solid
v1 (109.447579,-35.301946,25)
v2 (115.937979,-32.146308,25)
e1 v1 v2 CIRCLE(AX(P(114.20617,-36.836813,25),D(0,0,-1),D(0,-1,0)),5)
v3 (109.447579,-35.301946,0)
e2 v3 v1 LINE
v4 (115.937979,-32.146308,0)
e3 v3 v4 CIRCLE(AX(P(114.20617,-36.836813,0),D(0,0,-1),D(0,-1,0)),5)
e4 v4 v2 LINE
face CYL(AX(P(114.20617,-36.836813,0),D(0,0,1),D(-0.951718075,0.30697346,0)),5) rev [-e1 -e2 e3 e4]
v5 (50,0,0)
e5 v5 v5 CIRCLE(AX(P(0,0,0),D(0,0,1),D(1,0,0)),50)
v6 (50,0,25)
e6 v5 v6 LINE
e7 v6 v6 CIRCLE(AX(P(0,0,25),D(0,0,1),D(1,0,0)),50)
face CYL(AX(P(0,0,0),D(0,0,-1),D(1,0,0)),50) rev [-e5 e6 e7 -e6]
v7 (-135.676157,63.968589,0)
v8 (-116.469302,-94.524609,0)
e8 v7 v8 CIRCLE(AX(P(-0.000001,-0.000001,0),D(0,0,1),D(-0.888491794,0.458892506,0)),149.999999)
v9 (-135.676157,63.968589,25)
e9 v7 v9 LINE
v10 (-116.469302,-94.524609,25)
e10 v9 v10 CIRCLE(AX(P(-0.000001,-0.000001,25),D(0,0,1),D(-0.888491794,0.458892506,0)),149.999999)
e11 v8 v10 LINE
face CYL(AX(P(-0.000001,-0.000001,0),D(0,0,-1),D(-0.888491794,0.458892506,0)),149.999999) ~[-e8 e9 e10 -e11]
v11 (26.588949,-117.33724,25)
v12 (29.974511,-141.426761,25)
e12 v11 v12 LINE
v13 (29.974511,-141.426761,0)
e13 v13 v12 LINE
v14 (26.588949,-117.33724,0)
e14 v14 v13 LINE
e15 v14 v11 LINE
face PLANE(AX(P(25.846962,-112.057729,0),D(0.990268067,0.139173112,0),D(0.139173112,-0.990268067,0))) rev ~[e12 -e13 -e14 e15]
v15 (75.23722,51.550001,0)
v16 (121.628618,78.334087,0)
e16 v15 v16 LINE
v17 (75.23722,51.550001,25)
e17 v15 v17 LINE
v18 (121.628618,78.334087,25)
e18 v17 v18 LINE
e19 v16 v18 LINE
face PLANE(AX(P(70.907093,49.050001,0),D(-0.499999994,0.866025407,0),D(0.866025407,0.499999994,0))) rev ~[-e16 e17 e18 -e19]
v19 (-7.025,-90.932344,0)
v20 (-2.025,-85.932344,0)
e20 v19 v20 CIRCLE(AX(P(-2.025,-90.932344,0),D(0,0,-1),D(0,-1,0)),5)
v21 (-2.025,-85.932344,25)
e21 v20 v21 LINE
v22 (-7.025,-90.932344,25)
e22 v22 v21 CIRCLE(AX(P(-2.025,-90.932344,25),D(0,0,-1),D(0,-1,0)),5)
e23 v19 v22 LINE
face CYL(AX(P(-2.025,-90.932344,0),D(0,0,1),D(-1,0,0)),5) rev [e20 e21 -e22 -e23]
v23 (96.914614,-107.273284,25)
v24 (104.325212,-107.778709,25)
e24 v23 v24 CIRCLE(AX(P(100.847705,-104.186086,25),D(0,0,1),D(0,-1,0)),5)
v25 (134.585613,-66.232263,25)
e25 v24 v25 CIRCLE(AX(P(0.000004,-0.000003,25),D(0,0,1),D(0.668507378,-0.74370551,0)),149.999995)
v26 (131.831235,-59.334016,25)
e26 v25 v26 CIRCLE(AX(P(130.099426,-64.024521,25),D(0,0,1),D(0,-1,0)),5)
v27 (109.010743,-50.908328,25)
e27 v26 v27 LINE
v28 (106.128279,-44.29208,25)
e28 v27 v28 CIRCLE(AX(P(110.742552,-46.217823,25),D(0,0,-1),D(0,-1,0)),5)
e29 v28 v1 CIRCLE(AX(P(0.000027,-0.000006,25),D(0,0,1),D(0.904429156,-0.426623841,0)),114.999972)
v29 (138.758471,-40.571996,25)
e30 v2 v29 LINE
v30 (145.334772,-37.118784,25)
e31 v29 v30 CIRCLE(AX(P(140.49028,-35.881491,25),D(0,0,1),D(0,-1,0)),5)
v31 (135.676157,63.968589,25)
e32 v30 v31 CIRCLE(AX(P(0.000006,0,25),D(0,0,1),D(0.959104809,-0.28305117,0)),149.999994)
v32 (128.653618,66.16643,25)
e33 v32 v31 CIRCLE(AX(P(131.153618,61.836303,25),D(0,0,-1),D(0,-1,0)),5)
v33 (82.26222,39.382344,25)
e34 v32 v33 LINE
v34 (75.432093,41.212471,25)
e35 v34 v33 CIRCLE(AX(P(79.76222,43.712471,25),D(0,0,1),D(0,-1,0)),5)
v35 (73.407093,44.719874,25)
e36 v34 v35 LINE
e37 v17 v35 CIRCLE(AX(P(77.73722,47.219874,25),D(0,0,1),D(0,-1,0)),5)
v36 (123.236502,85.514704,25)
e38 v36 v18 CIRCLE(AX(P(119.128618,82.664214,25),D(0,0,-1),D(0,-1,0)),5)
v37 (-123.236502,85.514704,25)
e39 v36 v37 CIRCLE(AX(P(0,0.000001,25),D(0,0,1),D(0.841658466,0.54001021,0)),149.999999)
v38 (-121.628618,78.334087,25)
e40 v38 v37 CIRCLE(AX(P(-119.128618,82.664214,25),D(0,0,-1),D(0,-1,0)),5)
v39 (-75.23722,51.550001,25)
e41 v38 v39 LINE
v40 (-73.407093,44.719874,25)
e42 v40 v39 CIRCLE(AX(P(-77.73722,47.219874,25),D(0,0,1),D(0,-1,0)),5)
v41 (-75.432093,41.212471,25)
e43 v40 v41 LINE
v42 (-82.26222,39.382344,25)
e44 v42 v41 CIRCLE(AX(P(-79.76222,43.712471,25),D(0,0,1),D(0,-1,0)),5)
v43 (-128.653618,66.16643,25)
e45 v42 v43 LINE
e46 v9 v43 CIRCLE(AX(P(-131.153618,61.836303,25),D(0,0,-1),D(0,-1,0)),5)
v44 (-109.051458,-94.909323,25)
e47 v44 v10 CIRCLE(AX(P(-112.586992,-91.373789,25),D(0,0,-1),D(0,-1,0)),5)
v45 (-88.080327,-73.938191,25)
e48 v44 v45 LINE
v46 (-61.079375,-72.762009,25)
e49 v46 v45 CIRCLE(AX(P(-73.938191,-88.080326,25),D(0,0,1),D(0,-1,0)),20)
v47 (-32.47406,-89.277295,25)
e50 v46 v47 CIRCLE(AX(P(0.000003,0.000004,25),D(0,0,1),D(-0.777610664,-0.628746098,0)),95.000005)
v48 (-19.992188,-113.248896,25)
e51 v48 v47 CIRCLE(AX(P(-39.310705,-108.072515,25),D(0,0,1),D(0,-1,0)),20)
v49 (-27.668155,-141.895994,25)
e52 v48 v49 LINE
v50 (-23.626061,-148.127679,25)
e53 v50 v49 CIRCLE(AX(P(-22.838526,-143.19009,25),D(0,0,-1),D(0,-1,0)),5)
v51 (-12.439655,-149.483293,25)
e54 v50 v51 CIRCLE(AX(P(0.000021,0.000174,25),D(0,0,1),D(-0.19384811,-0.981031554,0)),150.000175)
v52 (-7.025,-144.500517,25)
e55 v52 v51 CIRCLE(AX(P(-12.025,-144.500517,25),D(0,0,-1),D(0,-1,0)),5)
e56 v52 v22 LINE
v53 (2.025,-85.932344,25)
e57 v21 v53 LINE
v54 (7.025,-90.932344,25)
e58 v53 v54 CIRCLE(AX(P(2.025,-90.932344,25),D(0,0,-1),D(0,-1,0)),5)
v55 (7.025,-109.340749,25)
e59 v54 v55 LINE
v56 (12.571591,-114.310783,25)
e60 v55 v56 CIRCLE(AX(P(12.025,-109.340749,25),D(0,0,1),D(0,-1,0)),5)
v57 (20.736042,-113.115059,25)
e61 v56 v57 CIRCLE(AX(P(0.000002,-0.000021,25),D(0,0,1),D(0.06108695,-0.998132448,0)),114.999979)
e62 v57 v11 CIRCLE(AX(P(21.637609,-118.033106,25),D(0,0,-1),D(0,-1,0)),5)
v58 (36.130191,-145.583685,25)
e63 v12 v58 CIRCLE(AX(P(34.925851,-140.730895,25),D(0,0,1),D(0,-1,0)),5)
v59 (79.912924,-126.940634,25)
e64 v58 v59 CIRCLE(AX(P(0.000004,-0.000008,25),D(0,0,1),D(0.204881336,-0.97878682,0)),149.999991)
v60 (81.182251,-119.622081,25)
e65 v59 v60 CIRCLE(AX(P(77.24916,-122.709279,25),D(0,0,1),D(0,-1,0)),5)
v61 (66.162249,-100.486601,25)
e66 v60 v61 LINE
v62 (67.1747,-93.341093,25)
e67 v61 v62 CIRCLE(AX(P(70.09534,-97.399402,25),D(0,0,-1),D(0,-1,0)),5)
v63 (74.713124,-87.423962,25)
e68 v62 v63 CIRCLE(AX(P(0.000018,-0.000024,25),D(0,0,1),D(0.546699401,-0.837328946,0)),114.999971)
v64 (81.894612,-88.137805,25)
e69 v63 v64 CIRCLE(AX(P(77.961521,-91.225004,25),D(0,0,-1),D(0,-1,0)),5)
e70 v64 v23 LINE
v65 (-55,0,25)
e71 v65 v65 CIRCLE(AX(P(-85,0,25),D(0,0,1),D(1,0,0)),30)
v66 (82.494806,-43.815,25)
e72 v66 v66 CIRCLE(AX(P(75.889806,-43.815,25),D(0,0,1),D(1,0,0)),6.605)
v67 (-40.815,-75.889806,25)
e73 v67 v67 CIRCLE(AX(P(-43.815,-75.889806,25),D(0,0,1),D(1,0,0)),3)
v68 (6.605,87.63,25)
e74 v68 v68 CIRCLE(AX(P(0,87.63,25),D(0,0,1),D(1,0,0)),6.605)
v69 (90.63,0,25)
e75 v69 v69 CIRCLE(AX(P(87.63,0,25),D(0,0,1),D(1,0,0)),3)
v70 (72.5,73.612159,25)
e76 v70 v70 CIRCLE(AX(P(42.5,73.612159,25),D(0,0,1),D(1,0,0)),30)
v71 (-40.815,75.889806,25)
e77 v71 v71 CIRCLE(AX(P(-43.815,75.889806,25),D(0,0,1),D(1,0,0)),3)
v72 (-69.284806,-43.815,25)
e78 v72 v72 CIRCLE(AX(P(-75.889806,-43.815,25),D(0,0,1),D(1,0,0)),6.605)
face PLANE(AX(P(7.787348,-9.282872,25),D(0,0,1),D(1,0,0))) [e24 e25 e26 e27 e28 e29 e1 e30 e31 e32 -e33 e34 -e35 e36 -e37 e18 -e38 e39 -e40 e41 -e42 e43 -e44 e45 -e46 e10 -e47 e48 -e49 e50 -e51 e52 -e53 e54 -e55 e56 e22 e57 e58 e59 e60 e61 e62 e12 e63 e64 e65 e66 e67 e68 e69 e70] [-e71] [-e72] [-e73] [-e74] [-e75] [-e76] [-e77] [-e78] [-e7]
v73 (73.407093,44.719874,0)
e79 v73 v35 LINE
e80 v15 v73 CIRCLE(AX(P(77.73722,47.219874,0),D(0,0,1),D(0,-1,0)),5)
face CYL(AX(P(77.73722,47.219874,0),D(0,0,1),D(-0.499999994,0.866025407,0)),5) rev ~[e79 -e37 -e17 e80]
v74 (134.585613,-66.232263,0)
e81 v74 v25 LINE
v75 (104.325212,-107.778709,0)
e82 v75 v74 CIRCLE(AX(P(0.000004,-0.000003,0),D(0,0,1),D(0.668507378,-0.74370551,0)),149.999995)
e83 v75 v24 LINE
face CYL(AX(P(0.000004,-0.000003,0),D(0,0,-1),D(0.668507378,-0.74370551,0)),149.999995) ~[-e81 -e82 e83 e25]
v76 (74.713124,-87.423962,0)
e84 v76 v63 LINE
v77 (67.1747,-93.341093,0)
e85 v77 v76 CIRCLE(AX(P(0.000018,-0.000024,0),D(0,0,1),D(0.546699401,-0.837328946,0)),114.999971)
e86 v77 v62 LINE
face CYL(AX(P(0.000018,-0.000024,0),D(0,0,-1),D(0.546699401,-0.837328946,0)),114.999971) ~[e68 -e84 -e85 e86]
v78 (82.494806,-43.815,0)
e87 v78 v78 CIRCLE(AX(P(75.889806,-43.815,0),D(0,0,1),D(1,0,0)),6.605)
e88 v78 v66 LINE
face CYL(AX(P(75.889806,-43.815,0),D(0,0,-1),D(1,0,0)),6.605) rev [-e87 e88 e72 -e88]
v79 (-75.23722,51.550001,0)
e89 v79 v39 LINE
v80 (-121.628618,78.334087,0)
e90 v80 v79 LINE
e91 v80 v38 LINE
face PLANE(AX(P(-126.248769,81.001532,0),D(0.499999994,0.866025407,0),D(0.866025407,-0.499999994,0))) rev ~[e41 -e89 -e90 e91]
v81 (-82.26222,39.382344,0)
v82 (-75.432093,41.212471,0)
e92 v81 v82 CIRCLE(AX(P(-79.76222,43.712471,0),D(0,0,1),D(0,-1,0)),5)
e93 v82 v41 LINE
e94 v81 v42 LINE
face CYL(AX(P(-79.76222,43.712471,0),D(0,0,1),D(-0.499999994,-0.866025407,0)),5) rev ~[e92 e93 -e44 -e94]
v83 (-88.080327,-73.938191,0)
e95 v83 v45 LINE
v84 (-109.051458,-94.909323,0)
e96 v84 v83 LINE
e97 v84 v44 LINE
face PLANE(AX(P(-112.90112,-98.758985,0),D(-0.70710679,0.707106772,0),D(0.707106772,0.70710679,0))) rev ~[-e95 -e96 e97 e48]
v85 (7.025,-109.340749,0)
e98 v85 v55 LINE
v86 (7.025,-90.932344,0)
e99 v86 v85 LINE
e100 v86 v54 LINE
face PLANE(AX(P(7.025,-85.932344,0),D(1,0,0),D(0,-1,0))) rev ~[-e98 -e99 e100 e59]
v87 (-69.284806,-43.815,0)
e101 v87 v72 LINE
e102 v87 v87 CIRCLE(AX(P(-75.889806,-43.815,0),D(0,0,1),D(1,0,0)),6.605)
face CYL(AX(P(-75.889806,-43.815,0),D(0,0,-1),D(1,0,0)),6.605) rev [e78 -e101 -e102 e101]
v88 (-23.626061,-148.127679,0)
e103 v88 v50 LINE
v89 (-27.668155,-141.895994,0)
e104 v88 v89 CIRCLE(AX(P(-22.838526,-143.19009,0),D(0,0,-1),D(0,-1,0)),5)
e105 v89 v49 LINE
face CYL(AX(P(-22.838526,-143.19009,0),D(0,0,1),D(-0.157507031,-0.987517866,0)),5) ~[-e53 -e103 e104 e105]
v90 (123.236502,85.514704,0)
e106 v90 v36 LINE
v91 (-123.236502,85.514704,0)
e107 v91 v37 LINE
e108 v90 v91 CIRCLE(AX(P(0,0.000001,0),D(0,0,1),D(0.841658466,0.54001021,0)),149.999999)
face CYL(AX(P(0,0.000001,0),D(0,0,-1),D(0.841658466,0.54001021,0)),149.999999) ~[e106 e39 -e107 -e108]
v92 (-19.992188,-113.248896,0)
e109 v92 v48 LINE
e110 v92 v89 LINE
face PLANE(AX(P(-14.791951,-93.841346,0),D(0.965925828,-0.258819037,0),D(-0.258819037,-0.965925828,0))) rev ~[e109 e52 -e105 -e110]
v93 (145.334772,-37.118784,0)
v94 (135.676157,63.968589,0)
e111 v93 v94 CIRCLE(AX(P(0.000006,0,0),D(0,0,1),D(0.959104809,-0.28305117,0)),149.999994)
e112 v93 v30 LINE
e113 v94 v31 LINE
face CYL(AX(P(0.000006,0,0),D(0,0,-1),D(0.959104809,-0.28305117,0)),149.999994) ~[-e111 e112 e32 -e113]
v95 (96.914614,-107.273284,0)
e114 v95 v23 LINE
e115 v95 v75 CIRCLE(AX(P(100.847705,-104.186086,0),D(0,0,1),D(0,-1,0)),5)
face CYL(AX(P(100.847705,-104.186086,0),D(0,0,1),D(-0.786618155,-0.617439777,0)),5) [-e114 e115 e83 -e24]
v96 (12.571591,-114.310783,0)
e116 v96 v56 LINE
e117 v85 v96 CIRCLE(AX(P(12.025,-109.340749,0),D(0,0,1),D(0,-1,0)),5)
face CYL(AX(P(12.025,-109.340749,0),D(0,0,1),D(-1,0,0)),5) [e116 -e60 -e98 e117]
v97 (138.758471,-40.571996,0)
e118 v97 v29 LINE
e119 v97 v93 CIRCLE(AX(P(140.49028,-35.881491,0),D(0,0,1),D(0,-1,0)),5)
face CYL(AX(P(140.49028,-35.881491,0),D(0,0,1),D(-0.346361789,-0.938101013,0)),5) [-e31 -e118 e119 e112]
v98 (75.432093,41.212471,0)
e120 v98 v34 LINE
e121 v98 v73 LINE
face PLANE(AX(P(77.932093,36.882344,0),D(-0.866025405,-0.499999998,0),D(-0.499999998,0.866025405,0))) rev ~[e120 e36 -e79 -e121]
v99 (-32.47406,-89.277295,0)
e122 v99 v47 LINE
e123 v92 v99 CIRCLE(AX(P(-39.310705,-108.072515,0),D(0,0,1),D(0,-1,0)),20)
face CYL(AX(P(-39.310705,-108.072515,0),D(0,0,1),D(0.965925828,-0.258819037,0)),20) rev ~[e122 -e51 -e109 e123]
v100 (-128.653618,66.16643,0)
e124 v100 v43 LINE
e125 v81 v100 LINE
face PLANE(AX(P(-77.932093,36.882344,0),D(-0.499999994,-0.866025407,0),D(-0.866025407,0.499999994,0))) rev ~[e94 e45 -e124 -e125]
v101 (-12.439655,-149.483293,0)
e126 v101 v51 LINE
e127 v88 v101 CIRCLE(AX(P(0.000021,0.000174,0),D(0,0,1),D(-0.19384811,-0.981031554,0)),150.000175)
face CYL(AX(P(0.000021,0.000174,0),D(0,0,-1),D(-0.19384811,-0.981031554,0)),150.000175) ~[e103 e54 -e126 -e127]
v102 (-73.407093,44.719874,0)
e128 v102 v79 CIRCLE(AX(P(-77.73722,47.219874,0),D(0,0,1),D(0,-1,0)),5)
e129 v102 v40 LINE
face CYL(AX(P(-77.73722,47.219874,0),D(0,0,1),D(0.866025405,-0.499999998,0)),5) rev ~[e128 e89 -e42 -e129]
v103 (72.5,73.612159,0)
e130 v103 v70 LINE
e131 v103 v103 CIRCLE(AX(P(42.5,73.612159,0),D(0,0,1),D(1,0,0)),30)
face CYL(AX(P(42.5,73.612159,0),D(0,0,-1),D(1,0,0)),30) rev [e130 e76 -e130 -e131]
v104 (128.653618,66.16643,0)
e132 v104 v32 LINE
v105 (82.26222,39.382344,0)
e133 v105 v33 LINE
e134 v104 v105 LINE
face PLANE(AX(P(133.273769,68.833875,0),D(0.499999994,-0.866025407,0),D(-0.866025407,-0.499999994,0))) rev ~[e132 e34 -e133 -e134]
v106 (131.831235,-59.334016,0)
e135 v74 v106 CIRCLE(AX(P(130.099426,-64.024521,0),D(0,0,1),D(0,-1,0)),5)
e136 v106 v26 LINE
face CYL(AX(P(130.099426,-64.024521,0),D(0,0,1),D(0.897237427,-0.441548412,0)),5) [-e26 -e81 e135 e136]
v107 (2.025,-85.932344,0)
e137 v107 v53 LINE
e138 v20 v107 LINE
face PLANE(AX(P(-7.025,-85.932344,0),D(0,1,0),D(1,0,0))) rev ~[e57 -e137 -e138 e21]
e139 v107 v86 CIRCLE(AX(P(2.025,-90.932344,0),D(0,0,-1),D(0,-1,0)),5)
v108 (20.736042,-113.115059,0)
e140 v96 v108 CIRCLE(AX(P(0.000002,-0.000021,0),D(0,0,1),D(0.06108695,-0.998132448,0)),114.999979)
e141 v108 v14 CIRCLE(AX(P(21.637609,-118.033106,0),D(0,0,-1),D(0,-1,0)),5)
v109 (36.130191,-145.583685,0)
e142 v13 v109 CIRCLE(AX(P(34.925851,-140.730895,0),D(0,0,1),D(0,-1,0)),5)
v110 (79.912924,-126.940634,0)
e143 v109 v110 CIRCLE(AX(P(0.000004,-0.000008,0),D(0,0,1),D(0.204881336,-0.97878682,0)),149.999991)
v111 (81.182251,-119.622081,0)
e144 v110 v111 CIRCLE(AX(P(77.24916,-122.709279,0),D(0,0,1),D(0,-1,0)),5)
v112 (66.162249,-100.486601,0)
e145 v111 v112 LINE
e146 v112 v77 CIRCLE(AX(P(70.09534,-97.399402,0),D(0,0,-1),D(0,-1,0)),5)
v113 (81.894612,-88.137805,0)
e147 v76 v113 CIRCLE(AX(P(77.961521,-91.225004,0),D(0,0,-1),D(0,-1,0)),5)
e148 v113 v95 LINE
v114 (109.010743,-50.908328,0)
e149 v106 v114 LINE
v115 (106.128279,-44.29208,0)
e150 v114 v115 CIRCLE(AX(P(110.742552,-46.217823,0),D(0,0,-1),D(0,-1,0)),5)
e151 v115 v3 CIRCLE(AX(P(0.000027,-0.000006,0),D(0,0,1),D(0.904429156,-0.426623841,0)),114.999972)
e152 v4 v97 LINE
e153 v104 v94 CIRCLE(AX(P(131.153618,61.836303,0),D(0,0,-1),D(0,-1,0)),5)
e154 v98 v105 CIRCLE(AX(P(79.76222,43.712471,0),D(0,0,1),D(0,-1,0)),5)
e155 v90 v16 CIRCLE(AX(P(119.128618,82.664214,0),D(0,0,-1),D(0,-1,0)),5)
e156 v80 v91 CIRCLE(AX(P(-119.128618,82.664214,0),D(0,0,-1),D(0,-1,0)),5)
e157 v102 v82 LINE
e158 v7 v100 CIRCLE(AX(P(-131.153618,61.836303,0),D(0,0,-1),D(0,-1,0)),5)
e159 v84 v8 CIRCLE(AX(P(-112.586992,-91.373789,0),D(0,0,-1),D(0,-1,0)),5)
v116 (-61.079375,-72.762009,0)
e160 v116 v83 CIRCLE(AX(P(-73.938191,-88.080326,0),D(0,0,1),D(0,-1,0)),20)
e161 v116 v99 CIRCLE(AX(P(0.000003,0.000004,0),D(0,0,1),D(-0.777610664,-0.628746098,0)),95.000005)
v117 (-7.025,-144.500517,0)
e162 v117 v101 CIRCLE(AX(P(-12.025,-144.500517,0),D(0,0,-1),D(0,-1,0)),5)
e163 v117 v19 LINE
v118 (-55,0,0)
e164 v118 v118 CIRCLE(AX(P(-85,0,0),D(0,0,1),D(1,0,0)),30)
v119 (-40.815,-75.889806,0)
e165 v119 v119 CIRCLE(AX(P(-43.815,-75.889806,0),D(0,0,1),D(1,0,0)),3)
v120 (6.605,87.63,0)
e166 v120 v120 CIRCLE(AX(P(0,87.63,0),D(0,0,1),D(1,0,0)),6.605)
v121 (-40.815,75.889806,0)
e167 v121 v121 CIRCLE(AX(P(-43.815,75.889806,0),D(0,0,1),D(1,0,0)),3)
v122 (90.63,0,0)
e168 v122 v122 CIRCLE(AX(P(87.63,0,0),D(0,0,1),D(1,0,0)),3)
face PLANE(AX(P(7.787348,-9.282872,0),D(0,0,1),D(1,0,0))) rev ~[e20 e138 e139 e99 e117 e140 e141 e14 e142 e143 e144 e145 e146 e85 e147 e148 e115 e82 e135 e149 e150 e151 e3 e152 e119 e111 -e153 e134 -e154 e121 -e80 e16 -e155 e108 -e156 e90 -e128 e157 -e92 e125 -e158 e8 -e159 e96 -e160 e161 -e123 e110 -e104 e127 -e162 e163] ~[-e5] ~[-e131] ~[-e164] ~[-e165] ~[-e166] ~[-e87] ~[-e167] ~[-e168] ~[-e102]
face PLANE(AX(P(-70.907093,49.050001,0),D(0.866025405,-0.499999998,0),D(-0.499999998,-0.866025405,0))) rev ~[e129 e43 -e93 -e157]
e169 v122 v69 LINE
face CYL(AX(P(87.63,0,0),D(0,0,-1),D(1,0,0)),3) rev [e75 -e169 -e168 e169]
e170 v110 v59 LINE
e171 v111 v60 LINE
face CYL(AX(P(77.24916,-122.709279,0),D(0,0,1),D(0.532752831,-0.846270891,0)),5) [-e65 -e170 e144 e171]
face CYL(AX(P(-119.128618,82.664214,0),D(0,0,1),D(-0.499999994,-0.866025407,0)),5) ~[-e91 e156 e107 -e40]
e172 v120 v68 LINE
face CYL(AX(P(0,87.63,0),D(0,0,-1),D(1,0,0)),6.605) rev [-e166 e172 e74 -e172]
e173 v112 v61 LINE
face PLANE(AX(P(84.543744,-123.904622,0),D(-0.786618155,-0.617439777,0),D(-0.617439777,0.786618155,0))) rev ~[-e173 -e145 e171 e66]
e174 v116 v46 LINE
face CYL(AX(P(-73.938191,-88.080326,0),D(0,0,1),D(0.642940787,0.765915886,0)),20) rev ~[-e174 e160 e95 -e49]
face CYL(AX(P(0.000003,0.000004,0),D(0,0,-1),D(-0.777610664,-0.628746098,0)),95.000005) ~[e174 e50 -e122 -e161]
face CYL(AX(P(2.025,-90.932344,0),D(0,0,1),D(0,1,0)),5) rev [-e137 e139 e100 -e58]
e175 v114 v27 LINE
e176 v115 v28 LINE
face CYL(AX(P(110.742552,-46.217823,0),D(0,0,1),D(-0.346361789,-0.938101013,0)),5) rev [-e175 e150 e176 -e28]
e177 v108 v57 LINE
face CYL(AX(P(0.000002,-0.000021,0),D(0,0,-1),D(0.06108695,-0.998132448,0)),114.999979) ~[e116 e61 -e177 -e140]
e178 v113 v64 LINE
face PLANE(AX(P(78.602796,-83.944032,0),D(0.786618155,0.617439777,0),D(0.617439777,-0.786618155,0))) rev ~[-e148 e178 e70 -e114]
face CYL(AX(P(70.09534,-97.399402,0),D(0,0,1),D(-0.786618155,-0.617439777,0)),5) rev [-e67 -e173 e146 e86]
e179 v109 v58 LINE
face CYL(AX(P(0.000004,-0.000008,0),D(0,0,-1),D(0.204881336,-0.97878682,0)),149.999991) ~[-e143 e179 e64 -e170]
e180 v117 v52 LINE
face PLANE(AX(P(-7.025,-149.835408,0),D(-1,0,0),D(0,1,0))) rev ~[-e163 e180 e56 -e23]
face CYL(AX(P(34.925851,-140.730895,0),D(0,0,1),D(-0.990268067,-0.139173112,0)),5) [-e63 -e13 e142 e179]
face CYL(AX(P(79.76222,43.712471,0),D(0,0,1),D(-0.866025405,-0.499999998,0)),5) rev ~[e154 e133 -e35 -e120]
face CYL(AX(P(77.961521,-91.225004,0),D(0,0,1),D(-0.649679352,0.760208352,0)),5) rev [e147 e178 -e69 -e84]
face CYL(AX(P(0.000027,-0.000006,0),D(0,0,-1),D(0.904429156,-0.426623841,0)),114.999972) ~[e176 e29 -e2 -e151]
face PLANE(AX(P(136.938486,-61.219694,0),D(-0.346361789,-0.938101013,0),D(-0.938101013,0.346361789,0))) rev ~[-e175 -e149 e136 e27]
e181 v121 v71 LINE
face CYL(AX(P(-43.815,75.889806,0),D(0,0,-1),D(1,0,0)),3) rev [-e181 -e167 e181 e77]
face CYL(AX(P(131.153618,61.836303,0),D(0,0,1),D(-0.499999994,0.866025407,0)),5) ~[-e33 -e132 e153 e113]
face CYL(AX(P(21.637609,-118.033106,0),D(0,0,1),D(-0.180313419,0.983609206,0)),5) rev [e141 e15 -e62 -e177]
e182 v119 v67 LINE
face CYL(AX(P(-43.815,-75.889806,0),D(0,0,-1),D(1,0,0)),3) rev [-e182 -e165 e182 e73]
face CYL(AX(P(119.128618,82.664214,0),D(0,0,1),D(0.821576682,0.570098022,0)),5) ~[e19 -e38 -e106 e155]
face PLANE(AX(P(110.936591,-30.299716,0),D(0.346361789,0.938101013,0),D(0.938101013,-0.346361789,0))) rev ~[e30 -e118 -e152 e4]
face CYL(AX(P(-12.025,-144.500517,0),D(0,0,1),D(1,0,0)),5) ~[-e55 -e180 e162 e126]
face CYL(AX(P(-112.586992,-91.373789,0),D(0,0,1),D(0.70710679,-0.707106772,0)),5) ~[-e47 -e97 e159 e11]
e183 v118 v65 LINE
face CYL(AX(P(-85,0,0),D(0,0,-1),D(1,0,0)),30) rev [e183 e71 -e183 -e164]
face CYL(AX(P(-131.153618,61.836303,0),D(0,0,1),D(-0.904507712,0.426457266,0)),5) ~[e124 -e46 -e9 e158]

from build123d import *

# Parameters (mm, degrees)
F0_R     = 3
F0_R_2   = 6.605
F0_R_3   = 30
F0_R_4   = 50
F1_DEPTH = 25
F2_R     = 5
F3_R     = 20


with BuildPart() as f1:
    # F0 (on Top) → F1 (new body)
    with BuildSketch(Plane.XY):
        with BuildLine():
            Line((-7.025, -149.835408), (-7.025, -85.932344))
            Line((-7.025, -85.932344), (7.025, -85.932344))
            Line((7.025, -85.932344), (7.025, -114.785232))
            ThreePointArc((7.025, -114.785232), (16.492462, -113.811242), (25.846962, -112.057729))
            Line((25.846962, -112.057729), (30.732203, -146.818022))
            ThreePointArc((30.732203, -146.818022), (58.765568, -138.009449), (84.543744, -123.904622))
            Line((84.543744, -123.904622), (62.870433, -96.292828))
            ThreePointArc((62.870433, -96.292828), (71.005576, -90.461087), (78.602796, -83.944032))
            Line((78.602796, -83.944032), (100.276107, -111.555826))
            ThreePointArc((100.276107, -111.555826), (121.248185, -88.311254), (136.938486, -61.219694))
            Line((136.938486, -61.219694), (104.009355, -49.061736))
            ThreePointArc((104.009355, -49.061736), (107.881617, -39.831604), (110.936591, -30.299716))
            Line((110.936591, -30.299716), (143.865722, -42.457674))
            ThreePointArc((143.865722, -42.457674), (149.325238, 14.211734), (133.273769, 68.833875))
            Line((133.273769, 68.833875), (77.932093, 36.882344))
            Line((77.932093, 36.882344), (70.907093, 49.050001))
            Line((70.907093, 49.050001), (126.248769, 81.001532))
            ThreePointArc((126.248769, 81.001532), (0, 150), (-126.248769, 81.001532))
            Line((-126.248769, 81.001532), (-70.907093, 49.050001))
            Line((-70.907093, 49.050001), (-77.932093, 36.882344))
            Line((-77.932093, 36.882344), (-133.273769, 68.833875))
            ThreePointArc((-133.273769, 68.833875), (-148.903864, -18.100808), (-112.90112, -98.758985))
            Line((-112.90112, -98.758985), (-73.873014, -59.730878))
            ThreePointArc((-73.873014, -59.730878), (-47.5, -82.272413), (-14.791951, -93.841346))
            Line((-14.791951, -93.841346), (-29.077229, -147.154731))
            ThreePointArc((-29.077229, -147.154731), (-18.100808, -148.903864), (-7.025, -149.835408))
        make_face()
        with Locations((-43.815, -75.889806)):
            Circle(F0_R, mode=Mode.SUBTRACT)
        with Locations((-75.889806, -43.815)):
            Circle(F0_R_2, mode=Mode.SUBTRACT)
        with Locations((-85, 0)):
            Circle(F0_R_3, mode=Mode.SUBTRACT)
        Circle(F0_R_4, mode=Mode.SUBTRACT)
        with Locations((75.889806, -43.815)):
            Circle(F0_R_2, mode=Mode.SUBTRACT)
        with Locations((87.63, 0)):
            Circle(F0_R, mode=Mode.SUBTRACT)
        with Locations((-43.815, 75.889806)):
            Circle(F0_R, mode=Mode.SUBTRACT)
        with Locations((42.5, 73.612159)):
            Circle(F0_R_3, mode=Mode.SUBTRACT)
        with Locations((0, 87.63)):
            Circle(F0_R_2, mode=Mode.SUBTRACT)
    extrude(amount=F1_DEPTH)

    # F2
    f2_edges = [f1.edges().sort_by_distance(p)[0] for p in [
        (-77.932093, 36.882344, 12.5),
        (-70.907093, 49.050001, 12.5),
        (70.907093, 49.050001, 12.5),
        (77.932093, 36.882344, 12.5),
        (110.936591, -30.299716, 12.5),
        (104.009355, -49.061736, 12.5),
        (78.602796, -83.944032, 12.5),
        (62.870433, -96.292828, 12.5),
        (25.846962, -112.057729, 12.5),
        (7.025, -114.785232, 12.5),
        (7.025, -85.932344, 12.5),
        (-7.025, -85.932344, 12.5),
        (-7.025, -149.835408, 12.5),
        (-29.077229, -147.154731, 12.5),
        (-112.90112, -98.758985, 12.5),
        (30.732203, -146.818022, 12.5),
        (84.543744, -123.904622, 12.5),
        (100.276107, -111.555826, 12.5),
        (136.938486, -61.219694, 12.5),
        (143.865722, -42.457674, 12.5),
        (133.273769, 68.833875, 12.5),
        (126.248769, 81.001532, 12.5),
        (-126.248769, 81.001532, 12.5),
        (-133.273769, 68.833875, 12.5),
    ]]
    fillet(f2_edges, radius=F2_R)

    # F3
    f3_edges = [f1.edges().sort_by_distance(p)[0] for p in [
        (-73.873014, -59.730878, 12.5),
        (-14.791951, -93.841346, 12.5),
    ]]
    fillet(f3_edges, radius=F3_R)


solid = f1.part
